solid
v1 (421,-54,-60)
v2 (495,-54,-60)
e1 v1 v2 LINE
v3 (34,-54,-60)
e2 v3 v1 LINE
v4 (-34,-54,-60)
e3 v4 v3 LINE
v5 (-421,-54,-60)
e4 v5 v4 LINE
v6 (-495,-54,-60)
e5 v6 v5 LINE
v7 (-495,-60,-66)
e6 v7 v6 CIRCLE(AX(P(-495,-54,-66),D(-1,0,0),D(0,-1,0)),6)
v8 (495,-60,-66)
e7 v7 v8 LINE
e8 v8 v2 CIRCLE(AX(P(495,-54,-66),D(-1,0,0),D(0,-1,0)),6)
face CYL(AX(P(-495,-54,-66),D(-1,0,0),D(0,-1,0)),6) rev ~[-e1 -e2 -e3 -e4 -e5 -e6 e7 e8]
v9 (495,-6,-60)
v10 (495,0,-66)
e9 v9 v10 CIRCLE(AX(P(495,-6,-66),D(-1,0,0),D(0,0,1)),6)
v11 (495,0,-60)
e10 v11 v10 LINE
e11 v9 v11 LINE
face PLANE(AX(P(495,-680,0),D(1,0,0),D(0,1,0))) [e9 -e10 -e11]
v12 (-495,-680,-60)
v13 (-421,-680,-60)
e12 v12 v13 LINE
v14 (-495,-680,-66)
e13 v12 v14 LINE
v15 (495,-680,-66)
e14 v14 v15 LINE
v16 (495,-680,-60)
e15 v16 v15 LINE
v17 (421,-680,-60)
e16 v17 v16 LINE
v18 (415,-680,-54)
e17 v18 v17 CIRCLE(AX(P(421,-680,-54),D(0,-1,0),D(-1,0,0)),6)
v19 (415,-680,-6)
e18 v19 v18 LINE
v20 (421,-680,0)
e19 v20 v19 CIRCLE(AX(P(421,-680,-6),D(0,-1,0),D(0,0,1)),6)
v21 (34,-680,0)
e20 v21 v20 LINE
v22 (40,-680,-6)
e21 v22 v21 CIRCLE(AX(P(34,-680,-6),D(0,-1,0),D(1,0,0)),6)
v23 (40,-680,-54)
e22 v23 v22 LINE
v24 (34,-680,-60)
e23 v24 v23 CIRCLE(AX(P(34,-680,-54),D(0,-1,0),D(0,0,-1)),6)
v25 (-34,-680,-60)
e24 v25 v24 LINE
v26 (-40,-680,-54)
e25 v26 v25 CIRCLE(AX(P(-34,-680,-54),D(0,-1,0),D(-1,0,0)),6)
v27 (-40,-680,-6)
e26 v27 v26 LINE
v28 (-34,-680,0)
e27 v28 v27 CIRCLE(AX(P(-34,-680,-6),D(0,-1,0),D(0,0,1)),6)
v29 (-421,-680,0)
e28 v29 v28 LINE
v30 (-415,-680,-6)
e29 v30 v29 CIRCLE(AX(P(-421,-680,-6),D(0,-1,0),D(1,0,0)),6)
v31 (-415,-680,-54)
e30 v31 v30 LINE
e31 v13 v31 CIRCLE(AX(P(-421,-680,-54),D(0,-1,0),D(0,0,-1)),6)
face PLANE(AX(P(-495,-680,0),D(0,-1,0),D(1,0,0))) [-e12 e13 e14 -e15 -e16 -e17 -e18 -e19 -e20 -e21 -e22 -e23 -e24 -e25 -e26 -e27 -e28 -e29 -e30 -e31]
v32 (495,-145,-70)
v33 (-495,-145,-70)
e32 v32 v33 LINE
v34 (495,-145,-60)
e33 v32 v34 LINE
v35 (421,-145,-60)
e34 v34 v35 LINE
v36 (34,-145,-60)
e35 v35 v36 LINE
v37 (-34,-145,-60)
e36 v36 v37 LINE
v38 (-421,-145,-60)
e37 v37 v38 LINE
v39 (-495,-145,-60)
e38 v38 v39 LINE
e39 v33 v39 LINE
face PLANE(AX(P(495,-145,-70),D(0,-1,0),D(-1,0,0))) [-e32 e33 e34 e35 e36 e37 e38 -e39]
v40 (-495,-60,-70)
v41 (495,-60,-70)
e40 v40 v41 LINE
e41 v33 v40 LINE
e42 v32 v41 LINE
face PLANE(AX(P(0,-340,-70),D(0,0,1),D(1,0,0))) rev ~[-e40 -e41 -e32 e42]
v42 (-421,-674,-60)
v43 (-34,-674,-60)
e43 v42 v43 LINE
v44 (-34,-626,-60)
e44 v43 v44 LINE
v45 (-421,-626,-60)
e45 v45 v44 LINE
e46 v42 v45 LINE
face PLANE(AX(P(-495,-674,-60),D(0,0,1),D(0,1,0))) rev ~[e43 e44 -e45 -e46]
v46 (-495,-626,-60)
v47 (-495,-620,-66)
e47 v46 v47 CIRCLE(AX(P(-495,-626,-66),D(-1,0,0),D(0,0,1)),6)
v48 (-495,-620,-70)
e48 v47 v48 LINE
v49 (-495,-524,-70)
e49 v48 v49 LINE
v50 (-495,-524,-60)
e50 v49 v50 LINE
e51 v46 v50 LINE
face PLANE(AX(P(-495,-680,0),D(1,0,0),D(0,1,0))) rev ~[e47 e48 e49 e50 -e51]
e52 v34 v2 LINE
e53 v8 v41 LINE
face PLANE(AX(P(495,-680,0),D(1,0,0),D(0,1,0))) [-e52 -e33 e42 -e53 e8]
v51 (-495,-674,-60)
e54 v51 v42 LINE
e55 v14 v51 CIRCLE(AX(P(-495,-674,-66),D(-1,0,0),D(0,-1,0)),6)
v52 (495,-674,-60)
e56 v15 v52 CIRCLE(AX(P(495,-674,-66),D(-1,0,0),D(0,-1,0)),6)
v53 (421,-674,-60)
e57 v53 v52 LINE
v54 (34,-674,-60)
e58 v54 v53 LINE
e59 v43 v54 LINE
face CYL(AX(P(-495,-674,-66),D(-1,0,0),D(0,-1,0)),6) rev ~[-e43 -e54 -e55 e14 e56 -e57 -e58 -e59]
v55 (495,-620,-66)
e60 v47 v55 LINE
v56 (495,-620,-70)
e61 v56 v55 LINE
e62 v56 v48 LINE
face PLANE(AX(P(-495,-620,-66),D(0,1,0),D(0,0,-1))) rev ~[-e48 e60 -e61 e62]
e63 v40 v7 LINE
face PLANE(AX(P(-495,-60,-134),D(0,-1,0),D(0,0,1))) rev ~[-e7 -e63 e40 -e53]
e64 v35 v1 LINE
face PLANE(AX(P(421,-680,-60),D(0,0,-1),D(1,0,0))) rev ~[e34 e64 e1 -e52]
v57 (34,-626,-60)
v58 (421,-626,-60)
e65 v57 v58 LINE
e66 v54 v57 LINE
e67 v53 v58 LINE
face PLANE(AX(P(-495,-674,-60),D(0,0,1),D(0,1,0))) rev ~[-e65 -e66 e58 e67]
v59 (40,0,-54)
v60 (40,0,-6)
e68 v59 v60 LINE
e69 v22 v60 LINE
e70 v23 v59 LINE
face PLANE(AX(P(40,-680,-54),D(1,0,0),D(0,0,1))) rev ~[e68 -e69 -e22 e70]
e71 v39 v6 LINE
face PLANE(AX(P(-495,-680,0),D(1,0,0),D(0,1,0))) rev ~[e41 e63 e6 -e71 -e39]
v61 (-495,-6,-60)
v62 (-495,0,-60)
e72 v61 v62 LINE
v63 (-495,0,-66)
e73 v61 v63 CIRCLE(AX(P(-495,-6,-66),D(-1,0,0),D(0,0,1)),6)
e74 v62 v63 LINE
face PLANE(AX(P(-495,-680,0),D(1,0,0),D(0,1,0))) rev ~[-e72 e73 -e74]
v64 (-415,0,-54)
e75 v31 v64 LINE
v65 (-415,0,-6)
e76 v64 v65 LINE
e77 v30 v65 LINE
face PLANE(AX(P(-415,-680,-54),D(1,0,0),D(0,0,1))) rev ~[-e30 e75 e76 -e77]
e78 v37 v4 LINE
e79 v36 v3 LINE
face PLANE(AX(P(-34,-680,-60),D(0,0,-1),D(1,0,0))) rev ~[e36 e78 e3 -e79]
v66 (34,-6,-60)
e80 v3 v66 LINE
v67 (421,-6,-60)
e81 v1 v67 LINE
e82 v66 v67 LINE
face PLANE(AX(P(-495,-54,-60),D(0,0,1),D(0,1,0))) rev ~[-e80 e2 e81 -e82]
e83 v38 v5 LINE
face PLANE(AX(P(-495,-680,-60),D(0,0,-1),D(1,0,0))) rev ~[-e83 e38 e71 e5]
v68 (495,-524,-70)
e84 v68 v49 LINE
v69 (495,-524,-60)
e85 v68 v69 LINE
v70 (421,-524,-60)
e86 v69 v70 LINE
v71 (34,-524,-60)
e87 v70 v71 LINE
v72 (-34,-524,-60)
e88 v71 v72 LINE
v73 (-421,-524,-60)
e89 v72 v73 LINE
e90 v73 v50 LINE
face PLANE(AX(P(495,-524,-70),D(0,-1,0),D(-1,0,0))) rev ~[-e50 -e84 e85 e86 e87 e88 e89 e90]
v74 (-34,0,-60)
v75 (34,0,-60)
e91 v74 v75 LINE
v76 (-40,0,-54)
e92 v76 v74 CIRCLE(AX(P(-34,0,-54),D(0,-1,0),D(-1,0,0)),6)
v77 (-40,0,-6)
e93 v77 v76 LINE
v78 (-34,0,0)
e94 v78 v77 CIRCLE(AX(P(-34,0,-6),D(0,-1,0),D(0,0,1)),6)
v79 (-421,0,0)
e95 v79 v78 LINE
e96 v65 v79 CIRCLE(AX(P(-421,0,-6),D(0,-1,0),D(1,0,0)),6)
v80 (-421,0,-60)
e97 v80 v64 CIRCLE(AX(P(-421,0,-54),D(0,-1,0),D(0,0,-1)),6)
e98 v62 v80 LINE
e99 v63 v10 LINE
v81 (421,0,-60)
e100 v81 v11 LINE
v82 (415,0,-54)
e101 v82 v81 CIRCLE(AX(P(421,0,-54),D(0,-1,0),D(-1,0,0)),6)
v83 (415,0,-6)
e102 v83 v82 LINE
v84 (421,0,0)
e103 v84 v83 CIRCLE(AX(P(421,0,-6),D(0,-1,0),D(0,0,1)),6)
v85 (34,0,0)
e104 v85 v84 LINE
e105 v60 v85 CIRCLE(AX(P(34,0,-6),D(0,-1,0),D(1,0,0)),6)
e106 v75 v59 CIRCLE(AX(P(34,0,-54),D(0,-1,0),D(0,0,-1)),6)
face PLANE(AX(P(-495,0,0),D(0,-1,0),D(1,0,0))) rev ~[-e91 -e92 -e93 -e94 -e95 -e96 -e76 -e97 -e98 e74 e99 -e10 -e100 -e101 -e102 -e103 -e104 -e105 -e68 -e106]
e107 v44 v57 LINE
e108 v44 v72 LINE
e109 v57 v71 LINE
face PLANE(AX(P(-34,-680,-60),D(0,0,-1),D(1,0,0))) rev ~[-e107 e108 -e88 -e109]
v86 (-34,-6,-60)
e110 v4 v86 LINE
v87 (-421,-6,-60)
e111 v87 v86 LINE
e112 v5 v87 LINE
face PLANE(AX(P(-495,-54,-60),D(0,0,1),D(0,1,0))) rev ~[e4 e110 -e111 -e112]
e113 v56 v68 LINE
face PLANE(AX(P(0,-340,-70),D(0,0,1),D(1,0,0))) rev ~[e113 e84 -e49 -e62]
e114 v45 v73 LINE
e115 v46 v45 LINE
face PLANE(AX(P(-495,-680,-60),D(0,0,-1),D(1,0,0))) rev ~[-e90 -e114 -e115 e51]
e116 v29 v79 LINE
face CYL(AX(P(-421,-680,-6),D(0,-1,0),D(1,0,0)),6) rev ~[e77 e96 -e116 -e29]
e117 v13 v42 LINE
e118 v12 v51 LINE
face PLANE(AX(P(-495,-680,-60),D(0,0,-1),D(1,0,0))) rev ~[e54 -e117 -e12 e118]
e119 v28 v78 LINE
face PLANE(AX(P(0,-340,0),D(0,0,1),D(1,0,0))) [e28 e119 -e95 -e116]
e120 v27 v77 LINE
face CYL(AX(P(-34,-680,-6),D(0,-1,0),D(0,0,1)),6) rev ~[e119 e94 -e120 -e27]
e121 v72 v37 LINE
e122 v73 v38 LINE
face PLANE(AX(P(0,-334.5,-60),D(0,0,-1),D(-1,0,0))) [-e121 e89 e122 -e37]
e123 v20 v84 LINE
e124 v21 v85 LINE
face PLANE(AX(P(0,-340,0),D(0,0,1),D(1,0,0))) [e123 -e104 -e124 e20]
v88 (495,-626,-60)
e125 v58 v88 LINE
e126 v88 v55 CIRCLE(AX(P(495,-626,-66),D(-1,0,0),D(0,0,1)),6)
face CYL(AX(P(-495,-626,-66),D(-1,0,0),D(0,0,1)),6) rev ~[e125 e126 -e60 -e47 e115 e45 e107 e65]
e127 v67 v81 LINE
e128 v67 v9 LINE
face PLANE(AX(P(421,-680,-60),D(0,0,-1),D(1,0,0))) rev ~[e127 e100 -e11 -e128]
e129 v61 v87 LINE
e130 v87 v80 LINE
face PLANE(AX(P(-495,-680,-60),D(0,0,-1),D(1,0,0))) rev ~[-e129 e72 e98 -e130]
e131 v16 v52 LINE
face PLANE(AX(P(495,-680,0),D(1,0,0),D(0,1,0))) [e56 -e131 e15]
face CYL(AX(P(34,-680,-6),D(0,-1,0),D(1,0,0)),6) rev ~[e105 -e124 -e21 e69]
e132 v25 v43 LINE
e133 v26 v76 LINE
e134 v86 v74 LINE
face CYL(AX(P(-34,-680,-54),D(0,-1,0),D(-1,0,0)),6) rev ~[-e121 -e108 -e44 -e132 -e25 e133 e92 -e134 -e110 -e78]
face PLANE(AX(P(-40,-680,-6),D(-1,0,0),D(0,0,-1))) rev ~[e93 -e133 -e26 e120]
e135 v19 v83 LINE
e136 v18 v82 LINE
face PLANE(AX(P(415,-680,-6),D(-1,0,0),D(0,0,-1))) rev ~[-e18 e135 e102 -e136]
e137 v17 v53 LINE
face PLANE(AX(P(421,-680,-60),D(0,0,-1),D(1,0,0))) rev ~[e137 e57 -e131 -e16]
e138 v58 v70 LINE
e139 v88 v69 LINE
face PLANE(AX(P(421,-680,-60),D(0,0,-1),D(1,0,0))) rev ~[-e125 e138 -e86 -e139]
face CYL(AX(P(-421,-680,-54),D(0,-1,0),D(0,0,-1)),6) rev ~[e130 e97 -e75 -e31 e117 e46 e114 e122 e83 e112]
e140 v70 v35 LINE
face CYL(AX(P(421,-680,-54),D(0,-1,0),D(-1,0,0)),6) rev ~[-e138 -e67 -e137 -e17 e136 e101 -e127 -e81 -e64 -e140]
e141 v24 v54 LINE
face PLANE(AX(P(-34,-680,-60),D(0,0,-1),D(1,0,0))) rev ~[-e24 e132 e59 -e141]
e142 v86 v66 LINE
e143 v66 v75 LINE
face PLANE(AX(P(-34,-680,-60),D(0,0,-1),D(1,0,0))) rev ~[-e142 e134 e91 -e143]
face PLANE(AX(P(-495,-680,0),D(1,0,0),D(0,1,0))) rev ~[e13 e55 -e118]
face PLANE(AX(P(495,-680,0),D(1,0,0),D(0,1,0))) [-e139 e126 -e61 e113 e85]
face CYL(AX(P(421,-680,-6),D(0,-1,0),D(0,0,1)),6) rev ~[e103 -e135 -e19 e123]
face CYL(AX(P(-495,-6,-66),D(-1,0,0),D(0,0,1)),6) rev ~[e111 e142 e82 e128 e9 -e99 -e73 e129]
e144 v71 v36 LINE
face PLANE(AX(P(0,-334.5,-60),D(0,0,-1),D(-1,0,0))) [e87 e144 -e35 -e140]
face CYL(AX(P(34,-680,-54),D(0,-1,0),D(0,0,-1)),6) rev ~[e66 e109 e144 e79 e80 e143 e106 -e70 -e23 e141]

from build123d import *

# Parameters (mm, degrees)
SKETCH1_W           = 990
SKETCH1_H           = 680
BOSS_EXTRUDE1_DEPTH = 70
SKETCH2_W           = 990
SKETCH2_H           = 379
CUT_EXTRUDE1_DEPTH  = 10
CUT_EXTRUDE2_DEPTH  = 1204.079382252
CUT_EXTRUDE4_DEPTH  = 844.993483387


with BuildPart() as part:
    # Sketch1 → Boss-Extrude1 (new body)
    with BuildSketch(Plane.XY):
        with Locations((0, -340)):
            Rectangle(SKETCH1_W, SKETCH1_H)
    extrude(amount=-BOSS_EXTRUDE1_DEPTH)

    # Sketch2 → Cut-Extrude1 (cut)
    with BuildSketch(Plane(origin=(0, 0, -70), x_dir=(-1, 0, 0), z_dir=(0, 0, -1))):
        with Locations((0, -334.5)):
            Rectangle(SKETCH2_W, SKETCH2_H)
    extrude(amount=-CUT_EXTRUDE1_DEPTH, mode=Mode.SUBTRACT)

    # Sketch3 → Cut-Extrude2 (cut, through all)
    with BuildSketch(Plane.ZY.offset(495)):
        with BuildLine():
            Line((-134, -680), (-66, -680))
            ThreePointArc((-66, -680), (-61.757359313, -678.242640687), (-60, -674))
            Line((-60, -674), (-60, -626))
            ThreePointArc((-60, -626), (-61.757359313, -621.757359313), (-66, -620))
            Line((-66, -620), (-134, -620))
            ThreePointArc((-134, -620), (-138.242640687, -621.757359313), (-140, -626))
            Line((-140, -626), (-140, -674))
            ThreePointArc((-140, -674), (-138.242640687, -678.242640687), (-134, -680))
        make_face()
        with BuildLine():
            Line((-134, -60), (-66, -60))
            ThreePointArc((-66, -60), (-61.757359313, -58.242640687), (-60, -54))
            Line((-60, -54), (-60, -6))
            ThreePointArc((-60, -6), (-61.757359313, -1.757359313), (-66, 0))
            Line((-66, 0), (-134, 0))
            ThreePointArc((-134, 0), (-138.242640687, -1.757359313), (-140, -6))
            Line((-140, -6), (-140, -54))
            ThreePointArc((-140, -54), (-138.242640687, -58.242640687), (-134, -60))
        make_face()
    extrude(amount=-CUT_EXTRUDE2_DEPTH, mode=Mode.SUBTRACT)

    # Sketch5 → Cut-Extrude4 (cut, through all)
    with BuildSketch(Plane.XZ.offset(680)):
        with BuildLine():
            ThreePointArc((495, -6), (493.242640687, -1.757359313), (489, 0))
            Line((489, 0), (489, -60))
            ThreePointArc((489, -60), (493.242640687, -58.242640687), (495, -54))
            Line((495, -54), (495, -6))
        make_face()
        with BuildLine():
            Line((489, 0), (421, 0))
            ThreePointArc((421, 0), (416.757359313, -1.757359313), (415, -6))
            Line((415, -6), (415, -54))
            ThreePointArc((415, -54), (416.757359313, -58.242640687), (421, -60))
            Line((421, -60), (489, -60))
            Line((489, -60), (489, 0))
        make_face()
        with BuildLine():
            Line((34, 0), (-34, 0))
            ThreePointArc((-34, 0), (-38.242640687, -1.757359313), (-40, -6))
            Line((-40, -6), (-40, -54))
            ThreePointArc((-40, -54), (-38.242640687, -58.242640687), (-34, -60))
            Line((-34, -60), (34, -60))
            ThreePointArc((34, -60), (38.242640687, -58.242640687), (40, -54))
            Line((40, -54), (40, -6))
            ThreePointArc((40, -6), (38.242640687, -1.757359313), (34, 0))
        make_face()
        with BuildLine():
            Line((-489, 0), (-489, -60))
            Line((-489, -60), (-421, -60))
            ThreePointArc((-421, -60), (-416.757359313, -58.242640687), (-415, -54))
            Line((-415, -54), (-415, -6))
            ThreePointArc((-415, -6), (-416.757359313, -1.757359313), (-421, 0))
            Line((-421, 0), (-489, 0))
        make_face()
        with BuildLine():
            ThreePointArc((-495, -54), (-493.242640687, -58.242640687), (-489, -60))
            Line((-489, -60), (-489, 0))
            ThreePointArc((-489, 0), (-493.242640687, -1.757359313), (-495, -6))
            Line((-495, -6), (-495, -54))
        make_face()
        with BuildLine():
            Line((-495, -60), (-489, -60))
            ThreePointArc((-489, -60), (-493.242640687, -58.242640687), (-495, -54))
            Line((-495, -54), (-495, -60))
        make_face()
        with BuildLine():
            ThreePointArc((-495, -6), (-493.242640687, -1.757359313), (-489, 0))
            Line((-489, 0), (-495, 0))
            Line((-495, 0), (-495, -6))
        make_face()
        with BuildLine():
            Line((495, 0), (489, 0))
            ThreePointArc((489, 0), (493.242640687, -1.757359313), (495, -6))
            Line((495, -6), (495, 0))
        make_face()
        with BuildLine():
            ThreePointArc((495, -54), (493.242640687, -58.242640687), (489, -60))
            Line((489, -60), (495, -60))
            Line((495, -60), (495, -54))
        make_face()
    extrude(amount=-CUT_EXTRUDE4_DEPTH, mode=Mode.SUBTRACT)


solid = part.part
